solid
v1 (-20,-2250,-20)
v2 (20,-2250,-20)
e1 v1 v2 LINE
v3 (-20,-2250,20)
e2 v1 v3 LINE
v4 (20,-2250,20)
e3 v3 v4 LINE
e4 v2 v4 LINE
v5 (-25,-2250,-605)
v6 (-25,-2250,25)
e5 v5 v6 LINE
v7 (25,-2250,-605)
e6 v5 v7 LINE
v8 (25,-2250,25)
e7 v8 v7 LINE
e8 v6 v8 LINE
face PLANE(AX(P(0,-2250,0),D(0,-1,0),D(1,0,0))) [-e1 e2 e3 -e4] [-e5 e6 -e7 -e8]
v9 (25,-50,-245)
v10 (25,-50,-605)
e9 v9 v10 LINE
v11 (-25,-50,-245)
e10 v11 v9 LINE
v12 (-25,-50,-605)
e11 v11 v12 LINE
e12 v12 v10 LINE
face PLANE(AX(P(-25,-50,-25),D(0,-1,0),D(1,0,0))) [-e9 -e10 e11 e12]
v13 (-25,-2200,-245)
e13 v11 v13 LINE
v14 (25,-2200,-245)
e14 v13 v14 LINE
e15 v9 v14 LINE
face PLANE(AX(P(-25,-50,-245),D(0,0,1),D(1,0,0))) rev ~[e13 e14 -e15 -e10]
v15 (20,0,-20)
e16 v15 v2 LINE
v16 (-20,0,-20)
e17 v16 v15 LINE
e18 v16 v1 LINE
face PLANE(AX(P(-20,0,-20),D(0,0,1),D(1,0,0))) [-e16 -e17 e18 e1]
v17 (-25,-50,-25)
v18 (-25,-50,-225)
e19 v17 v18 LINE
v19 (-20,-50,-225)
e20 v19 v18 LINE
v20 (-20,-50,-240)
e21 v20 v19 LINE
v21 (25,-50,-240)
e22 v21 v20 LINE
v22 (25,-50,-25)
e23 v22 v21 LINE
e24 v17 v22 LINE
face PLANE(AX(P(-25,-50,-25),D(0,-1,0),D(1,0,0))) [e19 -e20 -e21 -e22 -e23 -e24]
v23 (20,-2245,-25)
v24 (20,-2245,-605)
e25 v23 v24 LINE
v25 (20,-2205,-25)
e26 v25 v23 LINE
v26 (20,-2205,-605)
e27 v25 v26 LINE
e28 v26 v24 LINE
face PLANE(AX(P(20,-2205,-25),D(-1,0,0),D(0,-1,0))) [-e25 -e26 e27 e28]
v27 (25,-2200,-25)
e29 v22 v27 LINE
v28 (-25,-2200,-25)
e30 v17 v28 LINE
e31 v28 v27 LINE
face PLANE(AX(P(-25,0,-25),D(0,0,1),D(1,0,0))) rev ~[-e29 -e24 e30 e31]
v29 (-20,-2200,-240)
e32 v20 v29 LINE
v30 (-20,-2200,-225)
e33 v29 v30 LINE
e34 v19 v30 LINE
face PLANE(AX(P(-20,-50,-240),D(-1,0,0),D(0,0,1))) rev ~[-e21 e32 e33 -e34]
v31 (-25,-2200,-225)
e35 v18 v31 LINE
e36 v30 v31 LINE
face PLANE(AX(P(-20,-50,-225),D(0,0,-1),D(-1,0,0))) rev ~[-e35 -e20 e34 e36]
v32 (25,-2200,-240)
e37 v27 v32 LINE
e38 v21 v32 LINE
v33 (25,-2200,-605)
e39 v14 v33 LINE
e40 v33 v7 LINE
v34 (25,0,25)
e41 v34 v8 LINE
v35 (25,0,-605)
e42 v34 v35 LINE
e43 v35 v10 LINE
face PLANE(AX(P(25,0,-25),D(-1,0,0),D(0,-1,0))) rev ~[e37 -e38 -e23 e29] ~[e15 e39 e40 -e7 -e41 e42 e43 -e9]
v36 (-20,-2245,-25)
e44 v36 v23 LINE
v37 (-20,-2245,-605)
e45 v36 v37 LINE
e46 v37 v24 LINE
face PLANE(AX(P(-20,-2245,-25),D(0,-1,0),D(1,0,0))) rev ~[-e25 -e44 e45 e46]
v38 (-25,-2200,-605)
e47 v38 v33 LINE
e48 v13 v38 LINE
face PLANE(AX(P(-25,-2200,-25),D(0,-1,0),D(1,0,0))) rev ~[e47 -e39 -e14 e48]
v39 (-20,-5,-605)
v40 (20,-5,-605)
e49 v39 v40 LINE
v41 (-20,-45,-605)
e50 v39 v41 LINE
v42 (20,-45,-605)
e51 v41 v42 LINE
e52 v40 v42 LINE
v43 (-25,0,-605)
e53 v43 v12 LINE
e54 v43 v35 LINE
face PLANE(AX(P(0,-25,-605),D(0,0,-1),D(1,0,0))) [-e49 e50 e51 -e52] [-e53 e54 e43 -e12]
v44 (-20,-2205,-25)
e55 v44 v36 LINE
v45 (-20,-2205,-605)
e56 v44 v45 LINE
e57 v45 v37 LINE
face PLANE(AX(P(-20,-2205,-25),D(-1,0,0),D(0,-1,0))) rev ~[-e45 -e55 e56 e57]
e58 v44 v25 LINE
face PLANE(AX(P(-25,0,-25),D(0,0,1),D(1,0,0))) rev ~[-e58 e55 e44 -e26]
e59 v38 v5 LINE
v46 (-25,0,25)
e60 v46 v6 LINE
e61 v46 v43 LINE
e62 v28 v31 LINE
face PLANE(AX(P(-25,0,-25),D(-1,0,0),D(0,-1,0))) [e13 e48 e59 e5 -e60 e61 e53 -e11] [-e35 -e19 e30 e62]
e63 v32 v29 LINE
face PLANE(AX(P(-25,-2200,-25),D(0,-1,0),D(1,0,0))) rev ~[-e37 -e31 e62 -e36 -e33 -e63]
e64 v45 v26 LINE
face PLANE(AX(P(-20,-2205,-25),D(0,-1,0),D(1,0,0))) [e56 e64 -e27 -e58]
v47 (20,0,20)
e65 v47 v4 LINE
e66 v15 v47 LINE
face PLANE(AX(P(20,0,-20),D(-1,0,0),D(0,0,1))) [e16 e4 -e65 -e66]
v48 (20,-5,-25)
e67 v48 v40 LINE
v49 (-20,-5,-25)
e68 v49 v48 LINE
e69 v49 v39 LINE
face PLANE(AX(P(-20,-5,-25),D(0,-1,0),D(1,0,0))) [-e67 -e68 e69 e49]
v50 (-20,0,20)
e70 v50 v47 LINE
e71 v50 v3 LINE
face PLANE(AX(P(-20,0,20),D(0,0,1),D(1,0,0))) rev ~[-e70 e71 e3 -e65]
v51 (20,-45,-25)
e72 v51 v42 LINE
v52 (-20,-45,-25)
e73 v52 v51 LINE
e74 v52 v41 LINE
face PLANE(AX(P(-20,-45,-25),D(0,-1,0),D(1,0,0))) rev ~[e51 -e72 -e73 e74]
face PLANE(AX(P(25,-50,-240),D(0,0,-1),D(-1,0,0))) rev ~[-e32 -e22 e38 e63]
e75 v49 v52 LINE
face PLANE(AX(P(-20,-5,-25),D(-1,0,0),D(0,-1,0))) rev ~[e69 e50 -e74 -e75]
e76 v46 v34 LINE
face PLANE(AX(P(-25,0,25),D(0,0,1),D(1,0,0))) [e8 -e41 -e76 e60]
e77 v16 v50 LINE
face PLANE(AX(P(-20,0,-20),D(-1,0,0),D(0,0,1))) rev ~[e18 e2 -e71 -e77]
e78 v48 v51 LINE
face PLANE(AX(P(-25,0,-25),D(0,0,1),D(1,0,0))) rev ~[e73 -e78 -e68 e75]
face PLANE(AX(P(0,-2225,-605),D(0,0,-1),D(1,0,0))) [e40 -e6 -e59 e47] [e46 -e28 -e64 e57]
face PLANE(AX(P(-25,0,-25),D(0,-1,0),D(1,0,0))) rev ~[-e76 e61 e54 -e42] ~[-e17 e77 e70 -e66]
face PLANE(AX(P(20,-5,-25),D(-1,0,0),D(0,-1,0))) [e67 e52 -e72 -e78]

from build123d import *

# Parameters (mm, degrees)
F0_W     = 50
F0_H     = 50
F0_W_2   = 40
F0_H_2   = 40
F1_DEPTH = 2250
F2_W     = 50
F2_H     = 50
F2_W_2   = 40
F2_H_2   = 40
F3_DEPTH = 580
F5_DEPTH = 2150


with BuildPart() as f1:
    # F0 (on Front) → F1 (new body)
    with BuildSketch(Plane.XZ):
        Rectangle(F0_W, F0_H)
        Rectangle(F0_W_2, F0_H_2, mode=Mode.SUBTRACT)
    extrude(amount=F1_DEPTH)

    # F2 (on face) → F3 (join)
    with BuildSketch(Plane(origin=(0, 0, -25), x_dir=(1, 0, 0), z_dir=(0, 0, -1))):
        with Locations((0, 25)):
            Rectangle(F2_W, F2_H)
        with Locations((0, 25)):
            Rectangle(F2_W_2, F2_H_2, mode=Mode.SUBTRACT)
        with Locations((0, 2225)):
            Rectangle(F2_W, F2_H)
        with Locations((0, 2225)):
            Rectangle(F2_W_2, F2_H_2, mode=Mode.SUBTRACT)
    extrude(amount=F3_DEPTH)

    # F4 (on face) → F5 (join, through all)
    with BuildSketch(Plane.XZ.offset(50)):
        Polygon((-20, -225), (-25, -225), (-25, -245), (25, -245), (25, -240), (-20, -240), align=None)
    extrude(amount=F5_DEPTH)


solid = f1.part
